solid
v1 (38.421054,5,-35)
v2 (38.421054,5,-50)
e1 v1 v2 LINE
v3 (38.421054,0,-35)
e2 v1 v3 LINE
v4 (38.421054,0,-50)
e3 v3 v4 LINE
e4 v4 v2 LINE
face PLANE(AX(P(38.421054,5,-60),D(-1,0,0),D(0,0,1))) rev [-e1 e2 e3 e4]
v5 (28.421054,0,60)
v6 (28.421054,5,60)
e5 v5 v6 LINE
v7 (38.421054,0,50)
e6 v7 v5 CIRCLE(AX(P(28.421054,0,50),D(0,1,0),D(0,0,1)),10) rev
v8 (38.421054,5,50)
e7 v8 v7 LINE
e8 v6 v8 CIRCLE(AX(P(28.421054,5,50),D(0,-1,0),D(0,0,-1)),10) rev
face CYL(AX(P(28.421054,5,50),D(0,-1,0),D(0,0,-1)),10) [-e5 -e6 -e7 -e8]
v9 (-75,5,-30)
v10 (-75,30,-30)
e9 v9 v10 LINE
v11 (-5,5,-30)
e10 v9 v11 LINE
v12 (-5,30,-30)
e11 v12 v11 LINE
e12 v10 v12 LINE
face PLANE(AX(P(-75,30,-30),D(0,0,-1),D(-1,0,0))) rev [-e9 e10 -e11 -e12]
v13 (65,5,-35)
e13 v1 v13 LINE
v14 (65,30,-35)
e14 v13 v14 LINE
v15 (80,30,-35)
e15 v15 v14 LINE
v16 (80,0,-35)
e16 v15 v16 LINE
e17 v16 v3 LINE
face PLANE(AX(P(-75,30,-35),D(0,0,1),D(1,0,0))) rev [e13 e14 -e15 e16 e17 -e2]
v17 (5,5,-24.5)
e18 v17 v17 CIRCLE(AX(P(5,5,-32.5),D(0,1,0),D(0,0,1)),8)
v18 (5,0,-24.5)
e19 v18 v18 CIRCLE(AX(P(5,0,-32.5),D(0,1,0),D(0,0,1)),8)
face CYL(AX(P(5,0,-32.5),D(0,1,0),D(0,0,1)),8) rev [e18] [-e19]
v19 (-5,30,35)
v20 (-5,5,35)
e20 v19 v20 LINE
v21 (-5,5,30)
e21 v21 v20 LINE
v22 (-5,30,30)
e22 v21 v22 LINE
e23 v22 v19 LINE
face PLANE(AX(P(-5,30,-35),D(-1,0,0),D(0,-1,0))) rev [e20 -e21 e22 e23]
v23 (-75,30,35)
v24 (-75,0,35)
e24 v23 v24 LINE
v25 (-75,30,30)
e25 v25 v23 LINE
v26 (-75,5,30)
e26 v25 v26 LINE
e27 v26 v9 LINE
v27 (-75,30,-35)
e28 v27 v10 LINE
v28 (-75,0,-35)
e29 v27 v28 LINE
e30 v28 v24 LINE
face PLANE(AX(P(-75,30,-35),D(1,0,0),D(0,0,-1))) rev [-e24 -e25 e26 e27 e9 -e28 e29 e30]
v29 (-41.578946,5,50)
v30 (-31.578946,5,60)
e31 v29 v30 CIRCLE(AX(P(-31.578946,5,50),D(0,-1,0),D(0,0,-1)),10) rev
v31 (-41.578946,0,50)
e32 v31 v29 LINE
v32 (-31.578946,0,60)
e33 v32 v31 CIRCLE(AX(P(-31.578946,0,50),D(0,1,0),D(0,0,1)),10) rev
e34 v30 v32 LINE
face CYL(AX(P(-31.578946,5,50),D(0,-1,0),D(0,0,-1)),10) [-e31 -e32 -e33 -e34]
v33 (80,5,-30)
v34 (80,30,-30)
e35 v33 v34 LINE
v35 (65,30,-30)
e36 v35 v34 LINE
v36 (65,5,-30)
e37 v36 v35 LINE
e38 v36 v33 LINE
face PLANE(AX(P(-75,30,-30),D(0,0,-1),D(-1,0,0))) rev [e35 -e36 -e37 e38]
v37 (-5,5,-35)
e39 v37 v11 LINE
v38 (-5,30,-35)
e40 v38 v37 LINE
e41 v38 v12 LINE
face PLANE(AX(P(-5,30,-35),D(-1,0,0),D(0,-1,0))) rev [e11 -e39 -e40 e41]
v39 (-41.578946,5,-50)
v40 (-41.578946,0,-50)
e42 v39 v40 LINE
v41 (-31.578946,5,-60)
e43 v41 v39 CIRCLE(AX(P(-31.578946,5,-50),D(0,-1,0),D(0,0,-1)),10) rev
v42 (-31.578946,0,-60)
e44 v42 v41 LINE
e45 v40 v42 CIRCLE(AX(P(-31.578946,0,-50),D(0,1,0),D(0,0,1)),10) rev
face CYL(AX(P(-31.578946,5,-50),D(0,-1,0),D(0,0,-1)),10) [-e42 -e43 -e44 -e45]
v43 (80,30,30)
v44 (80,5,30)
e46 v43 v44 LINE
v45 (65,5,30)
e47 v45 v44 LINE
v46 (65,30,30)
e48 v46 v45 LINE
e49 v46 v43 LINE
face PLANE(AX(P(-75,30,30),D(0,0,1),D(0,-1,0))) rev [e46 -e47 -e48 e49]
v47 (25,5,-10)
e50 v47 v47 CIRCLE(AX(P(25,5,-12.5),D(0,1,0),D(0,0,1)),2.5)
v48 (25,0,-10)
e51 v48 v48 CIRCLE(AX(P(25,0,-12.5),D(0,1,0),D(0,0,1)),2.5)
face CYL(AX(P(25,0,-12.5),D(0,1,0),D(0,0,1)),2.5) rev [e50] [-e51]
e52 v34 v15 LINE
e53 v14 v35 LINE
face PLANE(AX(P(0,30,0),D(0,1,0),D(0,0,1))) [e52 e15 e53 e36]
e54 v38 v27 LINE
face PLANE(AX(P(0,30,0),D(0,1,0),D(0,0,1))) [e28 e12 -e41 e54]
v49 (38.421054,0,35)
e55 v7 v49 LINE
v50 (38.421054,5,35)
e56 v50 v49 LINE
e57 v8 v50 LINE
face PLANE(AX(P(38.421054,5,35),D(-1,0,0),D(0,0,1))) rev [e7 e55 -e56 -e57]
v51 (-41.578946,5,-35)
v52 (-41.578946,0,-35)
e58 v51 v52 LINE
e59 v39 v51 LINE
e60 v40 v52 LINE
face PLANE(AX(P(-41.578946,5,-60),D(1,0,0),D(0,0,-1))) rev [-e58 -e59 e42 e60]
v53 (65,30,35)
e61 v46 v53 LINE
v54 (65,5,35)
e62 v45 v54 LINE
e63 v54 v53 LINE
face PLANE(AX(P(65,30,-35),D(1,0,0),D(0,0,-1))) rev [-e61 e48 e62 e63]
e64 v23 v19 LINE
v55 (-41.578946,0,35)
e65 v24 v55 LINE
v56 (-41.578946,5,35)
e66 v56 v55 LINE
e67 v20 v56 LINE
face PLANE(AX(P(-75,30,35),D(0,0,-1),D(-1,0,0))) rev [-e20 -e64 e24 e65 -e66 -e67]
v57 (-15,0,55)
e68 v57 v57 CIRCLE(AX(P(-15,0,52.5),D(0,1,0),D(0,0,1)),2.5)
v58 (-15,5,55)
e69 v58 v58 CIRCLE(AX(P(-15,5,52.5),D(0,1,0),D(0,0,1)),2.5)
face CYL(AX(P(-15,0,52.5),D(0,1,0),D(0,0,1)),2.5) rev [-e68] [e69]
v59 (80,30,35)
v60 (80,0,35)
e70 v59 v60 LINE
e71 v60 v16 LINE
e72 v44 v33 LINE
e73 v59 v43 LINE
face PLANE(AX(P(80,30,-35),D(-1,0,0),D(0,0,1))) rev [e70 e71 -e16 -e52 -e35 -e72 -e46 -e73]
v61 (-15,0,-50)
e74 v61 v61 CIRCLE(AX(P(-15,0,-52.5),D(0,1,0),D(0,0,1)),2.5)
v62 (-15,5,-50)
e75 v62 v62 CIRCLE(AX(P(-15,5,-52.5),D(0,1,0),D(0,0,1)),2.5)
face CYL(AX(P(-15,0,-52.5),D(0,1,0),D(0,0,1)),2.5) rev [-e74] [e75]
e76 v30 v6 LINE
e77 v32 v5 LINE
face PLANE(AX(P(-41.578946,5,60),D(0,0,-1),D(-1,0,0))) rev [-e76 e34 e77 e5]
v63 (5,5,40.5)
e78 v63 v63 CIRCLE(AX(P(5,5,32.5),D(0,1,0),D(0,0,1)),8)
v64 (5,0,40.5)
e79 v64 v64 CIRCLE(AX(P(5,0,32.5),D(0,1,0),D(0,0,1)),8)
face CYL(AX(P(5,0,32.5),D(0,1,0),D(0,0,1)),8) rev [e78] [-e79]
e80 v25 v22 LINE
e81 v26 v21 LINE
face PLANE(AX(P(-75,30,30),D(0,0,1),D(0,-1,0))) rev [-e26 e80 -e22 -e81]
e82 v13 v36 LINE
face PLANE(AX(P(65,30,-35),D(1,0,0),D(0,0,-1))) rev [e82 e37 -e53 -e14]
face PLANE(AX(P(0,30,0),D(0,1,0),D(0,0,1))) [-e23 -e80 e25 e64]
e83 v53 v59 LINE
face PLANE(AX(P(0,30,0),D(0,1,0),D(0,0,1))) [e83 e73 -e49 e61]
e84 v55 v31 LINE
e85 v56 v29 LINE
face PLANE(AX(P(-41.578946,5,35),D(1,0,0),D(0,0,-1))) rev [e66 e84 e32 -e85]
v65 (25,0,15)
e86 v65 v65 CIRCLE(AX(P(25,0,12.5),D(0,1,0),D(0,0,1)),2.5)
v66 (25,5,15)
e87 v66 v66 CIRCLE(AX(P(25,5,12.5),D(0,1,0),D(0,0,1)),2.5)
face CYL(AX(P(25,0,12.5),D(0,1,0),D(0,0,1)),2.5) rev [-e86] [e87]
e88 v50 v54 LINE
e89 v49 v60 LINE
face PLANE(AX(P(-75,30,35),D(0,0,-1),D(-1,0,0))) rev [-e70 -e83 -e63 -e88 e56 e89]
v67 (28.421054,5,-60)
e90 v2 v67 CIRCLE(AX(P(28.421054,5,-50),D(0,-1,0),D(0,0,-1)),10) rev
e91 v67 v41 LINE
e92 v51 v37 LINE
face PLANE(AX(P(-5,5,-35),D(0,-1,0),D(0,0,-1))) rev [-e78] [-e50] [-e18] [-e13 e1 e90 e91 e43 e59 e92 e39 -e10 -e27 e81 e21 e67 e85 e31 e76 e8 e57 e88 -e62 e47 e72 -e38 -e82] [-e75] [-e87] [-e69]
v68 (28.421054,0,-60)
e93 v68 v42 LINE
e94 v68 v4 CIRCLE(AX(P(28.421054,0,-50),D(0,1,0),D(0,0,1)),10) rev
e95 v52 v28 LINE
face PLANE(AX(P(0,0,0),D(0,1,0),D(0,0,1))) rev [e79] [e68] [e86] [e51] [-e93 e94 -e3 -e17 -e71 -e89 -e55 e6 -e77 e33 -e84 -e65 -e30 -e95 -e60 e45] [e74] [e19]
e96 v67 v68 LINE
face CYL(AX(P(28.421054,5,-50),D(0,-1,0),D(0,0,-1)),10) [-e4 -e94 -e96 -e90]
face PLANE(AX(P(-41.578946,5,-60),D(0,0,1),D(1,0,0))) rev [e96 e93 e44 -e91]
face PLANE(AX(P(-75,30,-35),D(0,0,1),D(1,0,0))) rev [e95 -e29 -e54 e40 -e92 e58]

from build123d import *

# Parameters (mm, degrees)
SKETCH1_W           = 155
SKETCH1_H           = 70
BOSS_EXTRUDE1_DEPTH = 30
SKETCH2_W           = 70
SKETCH2_H           = 25
CUT_EXTRUDE1_DEPTH  = 71
SKETCH5_W           = 60
SKETCH5_H           = 25
CUT_EXTRUDE2_DEPTH  = 156
SKETCH6_W           = 80
SKETCH6_H           = 25
BOSS_EXTRUDE2_DEPTH = 5
SKETCH8_R           = 8
SKETCH8_R_2         = 2.5
CUT_EXTRUDE4_DEPTH  = 6
FILLET5_R           = 10
FILLET6_R           = 10


with BuildPart() as part:
    # Sketch1 → Boss-Extrude1 (new body)
    with BuildSketch(Plane(origin=(0, 0, 0), x_dir=(1, 0, 0), z_dir=(0, 1, 0))):
        with Locations((2.5, 0)):
            Rectangle(SKETCH1_W, SKETCH1_H)
    extrude(amount=BOSS_EXTRUDE1_DEPTH)

    # Sketch2 → Cut-Extrude1 (cut, through all)
    with BuildSketch(Plane.XY.offset(35)):
        with Locations((30, 17.5)):
            Rectangle(SKETCH2_W, SKETCH2_H)
    extrude(amount=-CUT_EXTRUDE1_DEPTH, mode=Mode.SUBTRACT)

    # Sketch5 → Cut-Extrude2 (cut, through all)
    with BuildSketch(Plane(origin=(80, 0, 0), x_dir=(0, 0, -1), z_dir=(1, 0, 0))):
        with Locations((0, 17.5)):
            Rectangle(SKETCH5_W, SKETCH5_H)
    extrude(amount=-CUT_EXTRUDE2_DEPTH, mode=Mode.SUBTRACT)

    # Sketch6 → Boss-Extrude2 (add)
    with BuildSketch(Plane(origin=(0, 0, 0), x_dir=(1, 0, 0), z_dir=(0, 1, 0))):
        with Locations((-1.578945933, -47.5)):
            Rectangle(SKETCH6_W, SKETCH6_H)
        with Locations((-1.578945933, 47.5)):
            Rectangle(SKETCH6_W, SKETCH6_H)
    extrude(amount=BOSS_EXTRUDE2_DEPTH)

    # Sketch8 → Cut-Extrude4 (cut, through all)
    with BuildSketch(Plane(origin=(0, 5, 0), x_dir=(1, 0, 0), z_dir=(0, 1, 0))):
        with Locations((5, 32.5)):
            Circle(SKETCH8_R)
        with Locations((5, -32.5)):
            Circle(SKETCH8_R)
        with Locations((-15, 52.5)):
            Circle(SKETCH8_R_2)
        with Locations((25, 12.5)):
            Circle(SKETCH8_R_2)
        with Locations((-15, -52.5)):
            Circle(SKETCH8_R_2)
        with Locations((25, -12.5)):
            Circle(SKETCH8_R_2)
    extrude(amount=-CUT_EXTRUDE4_DEPTH, mode=Mode.SUBTRACT)

    # Fillet5
    fillet5_edges = [part.edges().sort_by_distance(p)[0] for p in [
        (38.421054067, 2.5, 60),
    ]]
    fillet(fillet5_edges, radius=FILLET5_R)

    # Fillet6
    fillet6_edges = [part.edges().sort_by_distance(p)[0] for p in [
        (-41.578945933, 2.5, -60),
        (38.421054067, 2.5, -60),
        (-41.578945933, 2.5, 60),
    ]]
    fillet(fillet6_edges, radius=FILLET6_R)


solid = part.part
